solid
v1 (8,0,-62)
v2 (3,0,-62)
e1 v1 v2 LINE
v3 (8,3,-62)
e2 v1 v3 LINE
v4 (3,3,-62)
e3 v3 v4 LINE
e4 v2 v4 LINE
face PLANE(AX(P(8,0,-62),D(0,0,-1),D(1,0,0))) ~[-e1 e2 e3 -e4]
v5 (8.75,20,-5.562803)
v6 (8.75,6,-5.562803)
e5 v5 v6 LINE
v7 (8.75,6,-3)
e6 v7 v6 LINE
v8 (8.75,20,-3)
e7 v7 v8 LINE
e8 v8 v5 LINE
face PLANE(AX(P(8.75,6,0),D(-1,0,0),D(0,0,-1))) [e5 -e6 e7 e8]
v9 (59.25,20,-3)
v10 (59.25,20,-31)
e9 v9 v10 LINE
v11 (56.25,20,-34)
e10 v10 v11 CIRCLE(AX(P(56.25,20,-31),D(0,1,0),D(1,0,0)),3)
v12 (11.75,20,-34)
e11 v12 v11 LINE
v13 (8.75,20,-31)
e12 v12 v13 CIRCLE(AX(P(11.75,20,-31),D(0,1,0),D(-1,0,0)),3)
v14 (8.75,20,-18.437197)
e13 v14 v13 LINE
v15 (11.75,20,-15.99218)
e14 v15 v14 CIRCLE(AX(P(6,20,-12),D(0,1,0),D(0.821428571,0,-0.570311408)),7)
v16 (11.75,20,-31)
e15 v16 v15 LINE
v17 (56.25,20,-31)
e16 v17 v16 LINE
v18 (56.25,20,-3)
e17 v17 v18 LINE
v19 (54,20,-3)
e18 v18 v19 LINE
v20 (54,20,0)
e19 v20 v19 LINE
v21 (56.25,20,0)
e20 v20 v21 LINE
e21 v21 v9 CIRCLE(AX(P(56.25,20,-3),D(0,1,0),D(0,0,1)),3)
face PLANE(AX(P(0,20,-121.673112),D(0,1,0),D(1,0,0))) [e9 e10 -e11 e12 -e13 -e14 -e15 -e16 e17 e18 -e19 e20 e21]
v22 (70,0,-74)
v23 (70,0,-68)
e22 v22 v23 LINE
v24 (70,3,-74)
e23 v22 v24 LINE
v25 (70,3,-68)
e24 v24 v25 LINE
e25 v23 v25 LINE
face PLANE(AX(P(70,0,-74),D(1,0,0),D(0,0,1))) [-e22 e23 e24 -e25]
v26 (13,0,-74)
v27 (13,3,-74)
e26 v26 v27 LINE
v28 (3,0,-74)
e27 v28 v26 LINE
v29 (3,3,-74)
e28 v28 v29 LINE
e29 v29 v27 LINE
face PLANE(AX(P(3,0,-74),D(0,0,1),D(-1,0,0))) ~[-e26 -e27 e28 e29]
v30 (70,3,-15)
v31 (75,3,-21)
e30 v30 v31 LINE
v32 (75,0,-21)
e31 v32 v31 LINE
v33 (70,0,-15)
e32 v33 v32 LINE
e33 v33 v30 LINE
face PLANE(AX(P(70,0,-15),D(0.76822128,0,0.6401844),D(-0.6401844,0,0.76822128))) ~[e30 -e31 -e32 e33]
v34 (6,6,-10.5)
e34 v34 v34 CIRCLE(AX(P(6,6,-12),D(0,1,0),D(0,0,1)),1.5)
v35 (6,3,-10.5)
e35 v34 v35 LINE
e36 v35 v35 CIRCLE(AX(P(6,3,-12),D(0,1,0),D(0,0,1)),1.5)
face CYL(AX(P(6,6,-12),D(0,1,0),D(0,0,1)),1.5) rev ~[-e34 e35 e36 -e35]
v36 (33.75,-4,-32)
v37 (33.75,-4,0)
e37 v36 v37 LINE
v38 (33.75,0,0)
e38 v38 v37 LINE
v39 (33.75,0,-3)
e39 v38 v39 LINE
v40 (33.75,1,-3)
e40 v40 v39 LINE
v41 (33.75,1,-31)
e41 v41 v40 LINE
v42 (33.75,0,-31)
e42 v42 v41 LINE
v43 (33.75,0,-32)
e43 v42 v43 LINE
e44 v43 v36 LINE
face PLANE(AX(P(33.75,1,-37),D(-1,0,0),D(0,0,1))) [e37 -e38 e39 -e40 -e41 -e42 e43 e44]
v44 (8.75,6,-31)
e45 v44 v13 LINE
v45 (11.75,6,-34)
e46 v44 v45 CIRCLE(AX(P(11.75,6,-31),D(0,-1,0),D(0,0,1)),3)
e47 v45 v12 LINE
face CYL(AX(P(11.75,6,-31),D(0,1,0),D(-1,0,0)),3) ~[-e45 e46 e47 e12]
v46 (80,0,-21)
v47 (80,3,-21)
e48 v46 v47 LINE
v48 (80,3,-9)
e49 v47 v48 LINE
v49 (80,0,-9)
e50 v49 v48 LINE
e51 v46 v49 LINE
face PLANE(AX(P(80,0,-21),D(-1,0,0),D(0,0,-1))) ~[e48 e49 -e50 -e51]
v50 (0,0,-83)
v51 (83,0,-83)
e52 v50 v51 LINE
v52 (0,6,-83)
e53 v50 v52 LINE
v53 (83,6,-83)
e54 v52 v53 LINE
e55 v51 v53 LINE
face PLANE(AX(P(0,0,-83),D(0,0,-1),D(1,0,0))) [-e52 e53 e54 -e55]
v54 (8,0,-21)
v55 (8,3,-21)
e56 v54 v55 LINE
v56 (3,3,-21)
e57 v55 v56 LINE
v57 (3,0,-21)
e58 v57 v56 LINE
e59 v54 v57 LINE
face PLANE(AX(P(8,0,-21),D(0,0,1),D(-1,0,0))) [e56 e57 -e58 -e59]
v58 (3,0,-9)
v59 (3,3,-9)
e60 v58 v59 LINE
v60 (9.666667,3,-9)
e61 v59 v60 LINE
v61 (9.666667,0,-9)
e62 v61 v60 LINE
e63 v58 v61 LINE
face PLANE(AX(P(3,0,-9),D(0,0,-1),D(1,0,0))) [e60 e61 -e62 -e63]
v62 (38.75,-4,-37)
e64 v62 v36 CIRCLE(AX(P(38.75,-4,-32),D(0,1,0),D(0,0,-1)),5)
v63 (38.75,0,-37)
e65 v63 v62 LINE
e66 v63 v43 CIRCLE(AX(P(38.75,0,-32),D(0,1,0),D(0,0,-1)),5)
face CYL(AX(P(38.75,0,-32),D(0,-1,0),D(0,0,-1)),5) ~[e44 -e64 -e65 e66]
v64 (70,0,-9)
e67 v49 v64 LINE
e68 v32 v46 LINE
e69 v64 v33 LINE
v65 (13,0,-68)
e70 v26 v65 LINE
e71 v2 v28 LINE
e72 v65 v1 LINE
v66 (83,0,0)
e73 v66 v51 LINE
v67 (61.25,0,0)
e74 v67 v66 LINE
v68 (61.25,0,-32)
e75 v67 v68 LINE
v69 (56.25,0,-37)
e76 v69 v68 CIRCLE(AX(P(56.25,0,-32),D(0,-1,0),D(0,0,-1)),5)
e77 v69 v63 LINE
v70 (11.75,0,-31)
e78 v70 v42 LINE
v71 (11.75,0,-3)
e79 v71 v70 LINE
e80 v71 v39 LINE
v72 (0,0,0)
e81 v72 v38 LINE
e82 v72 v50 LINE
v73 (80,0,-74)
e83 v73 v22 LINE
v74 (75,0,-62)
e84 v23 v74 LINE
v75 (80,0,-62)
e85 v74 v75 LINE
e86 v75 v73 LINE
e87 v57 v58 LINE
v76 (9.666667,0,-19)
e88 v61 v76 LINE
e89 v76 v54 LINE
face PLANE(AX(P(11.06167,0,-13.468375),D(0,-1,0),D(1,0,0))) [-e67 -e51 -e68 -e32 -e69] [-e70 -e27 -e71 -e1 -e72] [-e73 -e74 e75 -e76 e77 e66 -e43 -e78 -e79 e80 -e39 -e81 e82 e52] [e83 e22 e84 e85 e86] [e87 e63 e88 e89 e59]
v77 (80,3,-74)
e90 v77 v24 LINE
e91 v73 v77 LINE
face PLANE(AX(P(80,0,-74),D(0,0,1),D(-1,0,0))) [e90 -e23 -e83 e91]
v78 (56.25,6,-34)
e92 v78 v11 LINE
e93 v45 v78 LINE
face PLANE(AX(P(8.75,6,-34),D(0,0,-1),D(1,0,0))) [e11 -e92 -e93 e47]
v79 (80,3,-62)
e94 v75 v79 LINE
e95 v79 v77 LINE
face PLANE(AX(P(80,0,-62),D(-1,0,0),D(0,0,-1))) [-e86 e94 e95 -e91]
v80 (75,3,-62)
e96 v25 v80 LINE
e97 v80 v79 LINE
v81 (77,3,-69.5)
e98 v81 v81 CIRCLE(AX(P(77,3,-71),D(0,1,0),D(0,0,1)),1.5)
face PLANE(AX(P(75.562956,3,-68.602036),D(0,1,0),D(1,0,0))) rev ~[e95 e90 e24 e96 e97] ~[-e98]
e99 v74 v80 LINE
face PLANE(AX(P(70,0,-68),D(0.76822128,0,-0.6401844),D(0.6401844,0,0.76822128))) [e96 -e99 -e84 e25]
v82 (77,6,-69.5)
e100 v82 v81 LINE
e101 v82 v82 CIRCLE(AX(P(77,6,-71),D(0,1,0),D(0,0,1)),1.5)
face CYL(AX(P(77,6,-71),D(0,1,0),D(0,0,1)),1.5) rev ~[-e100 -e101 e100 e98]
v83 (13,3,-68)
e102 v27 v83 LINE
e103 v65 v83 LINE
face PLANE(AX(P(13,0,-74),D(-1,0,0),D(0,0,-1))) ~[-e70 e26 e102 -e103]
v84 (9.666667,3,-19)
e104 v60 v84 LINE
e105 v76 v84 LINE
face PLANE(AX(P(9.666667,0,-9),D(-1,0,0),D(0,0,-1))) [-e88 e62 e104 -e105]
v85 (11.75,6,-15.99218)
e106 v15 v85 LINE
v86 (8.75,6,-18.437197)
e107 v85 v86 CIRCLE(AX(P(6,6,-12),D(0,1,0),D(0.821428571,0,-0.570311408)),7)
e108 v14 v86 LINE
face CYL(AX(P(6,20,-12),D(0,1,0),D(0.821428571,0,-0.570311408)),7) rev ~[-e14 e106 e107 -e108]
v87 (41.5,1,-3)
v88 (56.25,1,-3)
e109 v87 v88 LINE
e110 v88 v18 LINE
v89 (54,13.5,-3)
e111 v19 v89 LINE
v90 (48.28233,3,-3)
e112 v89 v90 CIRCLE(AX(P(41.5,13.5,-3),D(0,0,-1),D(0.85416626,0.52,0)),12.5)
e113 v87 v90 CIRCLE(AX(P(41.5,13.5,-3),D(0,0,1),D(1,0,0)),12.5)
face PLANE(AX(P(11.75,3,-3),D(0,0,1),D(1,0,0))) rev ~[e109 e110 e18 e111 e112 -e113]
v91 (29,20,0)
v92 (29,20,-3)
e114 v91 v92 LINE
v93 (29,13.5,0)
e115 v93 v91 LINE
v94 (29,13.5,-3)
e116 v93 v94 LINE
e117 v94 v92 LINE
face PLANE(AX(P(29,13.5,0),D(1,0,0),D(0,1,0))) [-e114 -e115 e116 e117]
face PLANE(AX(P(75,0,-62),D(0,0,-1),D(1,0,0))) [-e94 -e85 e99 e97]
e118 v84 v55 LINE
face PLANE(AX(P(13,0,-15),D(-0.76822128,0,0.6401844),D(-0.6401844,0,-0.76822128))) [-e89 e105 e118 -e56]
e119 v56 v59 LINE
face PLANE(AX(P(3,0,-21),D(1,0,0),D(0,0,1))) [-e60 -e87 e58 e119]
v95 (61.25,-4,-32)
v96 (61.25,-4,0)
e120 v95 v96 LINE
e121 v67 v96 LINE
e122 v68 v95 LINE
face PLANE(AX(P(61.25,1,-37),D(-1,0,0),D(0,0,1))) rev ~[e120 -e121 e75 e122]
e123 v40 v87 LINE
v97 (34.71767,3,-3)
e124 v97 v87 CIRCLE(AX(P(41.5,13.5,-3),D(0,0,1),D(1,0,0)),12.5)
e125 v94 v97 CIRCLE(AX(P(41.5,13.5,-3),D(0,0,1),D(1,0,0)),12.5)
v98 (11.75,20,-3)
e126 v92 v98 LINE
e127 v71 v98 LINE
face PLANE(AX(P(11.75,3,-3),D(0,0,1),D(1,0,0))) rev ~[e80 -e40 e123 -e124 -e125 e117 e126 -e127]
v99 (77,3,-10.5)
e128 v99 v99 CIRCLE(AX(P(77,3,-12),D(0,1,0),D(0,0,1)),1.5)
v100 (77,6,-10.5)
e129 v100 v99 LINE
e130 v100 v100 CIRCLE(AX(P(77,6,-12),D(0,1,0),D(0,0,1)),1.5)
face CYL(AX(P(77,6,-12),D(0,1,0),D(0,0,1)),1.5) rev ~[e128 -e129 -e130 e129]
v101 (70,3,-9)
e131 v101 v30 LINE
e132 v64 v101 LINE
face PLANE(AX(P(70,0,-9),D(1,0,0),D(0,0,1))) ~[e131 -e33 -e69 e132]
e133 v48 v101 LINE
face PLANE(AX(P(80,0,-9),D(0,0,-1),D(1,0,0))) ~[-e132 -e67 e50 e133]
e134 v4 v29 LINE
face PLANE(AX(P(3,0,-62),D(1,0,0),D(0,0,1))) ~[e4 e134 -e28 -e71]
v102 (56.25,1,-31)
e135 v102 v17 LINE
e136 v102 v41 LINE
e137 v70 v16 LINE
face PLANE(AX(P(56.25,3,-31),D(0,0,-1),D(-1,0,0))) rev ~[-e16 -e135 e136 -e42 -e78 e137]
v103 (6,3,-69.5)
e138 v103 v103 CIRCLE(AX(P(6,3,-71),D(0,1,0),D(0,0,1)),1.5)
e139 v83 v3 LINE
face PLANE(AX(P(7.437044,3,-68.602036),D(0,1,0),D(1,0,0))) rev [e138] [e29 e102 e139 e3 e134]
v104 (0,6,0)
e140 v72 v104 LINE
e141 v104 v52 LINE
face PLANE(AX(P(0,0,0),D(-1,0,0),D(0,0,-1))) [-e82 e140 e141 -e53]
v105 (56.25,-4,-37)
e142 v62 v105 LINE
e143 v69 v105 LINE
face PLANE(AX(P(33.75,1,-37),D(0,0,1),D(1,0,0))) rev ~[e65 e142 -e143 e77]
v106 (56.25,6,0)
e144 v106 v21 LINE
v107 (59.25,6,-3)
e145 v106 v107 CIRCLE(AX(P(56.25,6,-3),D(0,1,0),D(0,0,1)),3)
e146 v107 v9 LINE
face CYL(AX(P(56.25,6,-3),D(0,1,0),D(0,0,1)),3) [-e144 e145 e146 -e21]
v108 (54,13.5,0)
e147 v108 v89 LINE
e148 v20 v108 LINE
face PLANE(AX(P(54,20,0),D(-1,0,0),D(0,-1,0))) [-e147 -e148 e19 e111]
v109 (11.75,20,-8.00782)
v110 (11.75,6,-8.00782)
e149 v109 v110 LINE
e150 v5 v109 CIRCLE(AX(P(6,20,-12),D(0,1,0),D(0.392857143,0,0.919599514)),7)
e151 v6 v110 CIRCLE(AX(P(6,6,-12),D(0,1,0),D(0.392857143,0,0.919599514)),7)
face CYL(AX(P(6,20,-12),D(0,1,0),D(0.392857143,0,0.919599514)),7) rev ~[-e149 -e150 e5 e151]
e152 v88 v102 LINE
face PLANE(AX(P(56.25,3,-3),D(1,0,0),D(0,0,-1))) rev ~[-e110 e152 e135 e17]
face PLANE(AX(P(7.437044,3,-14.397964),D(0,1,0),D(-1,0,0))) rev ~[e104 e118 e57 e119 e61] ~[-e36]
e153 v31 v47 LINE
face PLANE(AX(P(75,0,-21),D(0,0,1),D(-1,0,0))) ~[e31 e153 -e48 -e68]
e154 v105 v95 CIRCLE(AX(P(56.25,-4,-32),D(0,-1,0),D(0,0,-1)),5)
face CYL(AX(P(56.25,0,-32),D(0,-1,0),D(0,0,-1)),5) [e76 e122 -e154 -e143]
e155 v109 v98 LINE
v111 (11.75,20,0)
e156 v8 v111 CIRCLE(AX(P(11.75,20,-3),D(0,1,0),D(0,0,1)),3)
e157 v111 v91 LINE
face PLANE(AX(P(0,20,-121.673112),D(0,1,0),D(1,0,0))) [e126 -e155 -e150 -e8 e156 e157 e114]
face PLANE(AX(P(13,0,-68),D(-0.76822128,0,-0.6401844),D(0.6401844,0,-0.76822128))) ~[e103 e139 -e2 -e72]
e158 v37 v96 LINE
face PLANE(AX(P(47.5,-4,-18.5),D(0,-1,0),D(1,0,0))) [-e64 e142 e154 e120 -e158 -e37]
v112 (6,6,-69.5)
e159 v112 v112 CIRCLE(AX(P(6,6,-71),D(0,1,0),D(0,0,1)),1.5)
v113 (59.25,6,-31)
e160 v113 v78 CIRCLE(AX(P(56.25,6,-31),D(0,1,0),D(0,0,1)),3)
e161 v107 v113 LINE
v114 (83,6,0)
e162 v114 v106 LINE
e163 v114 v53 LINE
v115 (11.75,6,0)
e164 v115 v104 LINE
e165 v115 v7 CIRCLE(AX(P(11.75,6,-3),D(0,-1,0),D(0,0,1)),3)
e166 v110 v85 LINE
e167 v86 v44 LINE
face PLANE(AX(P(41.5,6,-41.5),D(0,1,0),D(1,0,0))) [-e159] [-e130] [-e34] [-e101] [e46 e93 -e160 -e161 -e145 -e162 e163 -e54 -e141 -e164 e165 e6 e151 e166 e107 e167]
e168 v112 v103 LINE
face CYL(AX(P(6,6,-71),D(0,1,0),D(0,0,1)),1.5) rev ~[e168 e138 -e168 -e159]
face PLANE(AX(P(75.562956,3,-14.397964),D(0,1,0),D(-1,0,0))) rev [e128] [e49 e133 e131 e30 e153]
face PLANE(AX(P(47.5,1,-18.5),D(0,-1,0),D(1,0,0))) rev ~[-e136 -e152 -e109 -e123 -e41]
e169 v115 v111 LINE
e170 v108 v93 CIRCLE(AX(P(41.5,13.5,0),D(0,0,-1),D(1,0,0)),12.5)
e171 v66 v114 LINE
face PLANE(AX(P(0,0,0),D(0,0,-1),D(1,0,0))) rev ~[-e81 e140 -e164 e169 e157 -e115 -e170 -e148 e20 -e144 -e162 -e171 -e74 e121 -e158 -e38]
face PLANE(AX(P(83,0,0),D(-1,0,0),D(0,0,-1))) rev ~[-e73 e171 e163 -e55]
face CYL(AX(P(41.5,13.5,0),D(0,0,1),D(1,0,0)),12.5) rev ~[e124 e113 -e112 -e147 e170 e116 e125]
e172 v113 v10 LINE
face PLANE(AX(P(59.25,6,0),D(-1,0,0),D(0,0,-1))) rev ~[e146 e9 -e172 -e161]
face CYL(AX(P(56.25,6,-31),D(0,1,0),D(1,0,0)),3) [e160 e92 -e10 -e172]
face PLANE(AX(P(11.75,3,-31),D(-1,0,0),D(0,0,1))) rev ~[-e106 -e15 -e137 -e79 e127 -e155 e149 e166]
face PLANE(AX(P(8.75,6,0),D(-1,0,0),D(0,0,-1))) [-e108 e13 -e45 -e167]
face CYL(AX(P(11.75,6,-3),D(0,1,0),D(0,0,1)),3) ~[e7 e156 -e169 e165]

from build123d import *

# Parameters (mm, degrees)
SKETCH1_W                                = 83
SKETCH1_H                                = 83
BOSS_EXTRUDE1_DEPTH                      = 6
SKETCH2_R                                = 1.5
CUT_EXTRUDE1_DEPTH                       = 118.532974097
SKETCH5_W                                = 50.5
SKETCH5_H                                = 34
BOSS_EXTRUDE2_DEPTH                      = 22
SKETCH6_W                                = 44.5
SKETCH6_H                                = 28
CUT_EXTRUDE5_DEPTH                       = 25
FILLET1_R                                = 3
SKETCH8_R                                = 12.5
CUT_EXTRUDE6_DEPTH                       = 10
CUT_EXTRUDE7_DEPTH                       = 121.673112167
CUT_EXTRUDE7_DEPTH_BACK                  = 121.673112167
SKETCH9_W                                = 83
SKETCH9_H                                = 8
CUT_EXTRUDE8_DEPTH                       = 3
MIRROR1_AT_THE_SECOND_PLANE_COPY_1_DEPTH = 3
CUT_EXTRUDE9_DEPTH                       = 14
CUT_EXTRUDE10_DEPTH                      = 10
CUT_EXTRUDE11_DEPTH                      = 10
BOSS_EXTRUDE3_DEPTH                      = 3
CUT_EXTRUDE14_DEPTH                      = 4
SKETCH20_W                               = 13.564659966
SKETCH20_H                               = 7
CUT_EXTRUDE15_DEPTH                      = 4
BOSS_EXTRUDE4_DEPTH                      = 4
BOSS_EXTRUDE4_DEPTH_BACK                 = 1
SKETCH21_W                               = 27.5
SKETCH21_H                               = 37
FILLET2_R                                = 5


with BuildPart() as part:
    # Sketch1 → Boss-Extrude1 (new body)
    with BuildSketch(Plane(origin=(0, 0, 0), x_dir=(1, 0, 0), z_dir=(0, 1, 0))):
        with Locations((41.5, 41.5)):
            Rectangle(SKETCH1_W, SKETCH1_H)
    extrude(amount=BOSS_EXTRUDE1_DEPTH)

    # Sketch2 → Cut-Extrude1 (cut, through all)
    with BuildSketch(Plane(origin=(0, 6, 0), x_dir=(1, 0, 0), z_dir=(0, 1, 0))):
        with Locations(Location((6, 71, 0), (0, 0, 270))):
            Circle(SKETCH2_R)
        with Locations(Location((6, 12, 0), (0, 0, 270))):
            Circle(SKETCH2_R)
        with Locations(Location((77, 12, 0), (0, 0, 270))):
            Circle(SKETCH2_R)
        with Locations(Location((77, 71, 0), (0, 0, 270))):
            Circle(SKETCH2_R)
    extrude(amount=-CUT_EXTRUDE1_DEPTH, mode=Mode.SUBTRACT)

    # Sketch5 → Boss-Extrude2 (add)
    with BuildSketch(Plane(origin=(0, 6, 0), x_dir=(1, 0, 0), z_dir=(0, 1, 0))):
        with Locations((34, 17)):
            Rectangle(SKETCH5_W, SKETCH5_H)
    extrude(amount=BOSS_EXTRUDE2_DEPTH)

    # Sketch6 → Cut-Extrude5 (cut)
    with BuildSketch(Plane(origin=(0, 28, 0), x_dir=(1, 0, 0), z_dir=(0, 1, 0))):
        with Locations((34, 17)):
            Rectangle(SKETCH6_W, SKETCH6_H)
    extrude(amount=-CUT_EXTRUDE5_DEPTH, mode=Mode.SUBTRACT)

    # Fillet1
    fillet1_edges = [part.edges().sort_by_distance(p)[0] for p in [
        (59.25, 17, -34),
        (8.75, 17, -34),
        (8.75, 17, 0),
        (59.25, 17, 0),
    ]]
    fillet(fillet1_edges, radius=FILLET1_R)

    # Sketch8 → Cut-Extrude6 (cut)
    with BuildSketch(Plane.XY):
        with Locations((41.5, 13.5)):
            Circle(SKETCH8_R)
    extrude(amount=-CUT_EXTRUDE6_DEPTH, mode=Mode.SUBTRACT)

    # Sketch9 → Cut-Extrude7 (cut, two sides: drawn at the far end of the back side and taken through both)
    with BuildSketch(Plane.XY.offset(-CUT_EXTRUDE7_DEPTH_BACK)):
        with Locations((41.5, 24)):
            Rectangle(SKETCH9_W, SKETCH9_H)
    extrude(amount=CUT_EXTRUDE7_DEPTH + CUT_EXTRUDE7_DEPTH_BACK, mode=Mode.SUBTRACT)

    # Sketch11 → Cut-Extrude8 (cut)
    with BuildSketch(Plane.XZ):
        Polygon((3, -9), (13, -9), (13, -15), (8, -21), (3, -21), align=None)
    cut_extrude8 = extrude(amount=-CUT_EXTRUDE8_DEPTH, mode=Mode.SUBTRACT)

    # Mirror1: Cut-Extrude8 across plane
    add(cut_extrude8.mirror(Plane.XY.offset(-41.5)), mode=Mode.SUBTRACT)

    # Mirror1 at the second plane: Cut-Extrude8 across plane
    add(cut_extrude8.mirror(Plane.ZY.offset(-41.5)), mode=Mode.SUBTRACT)

    # Mirror1 at the second plane copy 1 sketc → Mirror1 at the second plane copy 1 (cut)
    with BuildSketch(Plane(origin=(83, 0, -83), x_dir=(-1, 0, 0), z_dir=(0, -1, 0))):
        Polygon((3, -9), (13, -9), (13, -15), (8, -21), (3, -21), align=None)
    extrude(amount=-MIRROR1_AT_THE_SECOND_PLANE_COPY_1_DEPTH, mode=Mode.SUBTRACT)

    # Sketch13 → Cut-Extrude9 (cut)
    with BuildSketch(Plane(origin=(0, 20, 0), x_dir=(1, 0, 0), z_dir=(0, 1, 0))):
        with BuildLine():
            Line((11.75, 8.007820144), (11.75, 15.992179856))
            ThreePointArc((11.75, 15.992179856), (10.422332723, 17.426137972), (8.75, 18.437196595))
            Line((8.75, 18.437196595), (8.75, 5.562803405))
            ThreePointArc((8.75, 5.562803405), (10.422332723, 6.573862028), (11.75, 8.007820144))
        make_face()
    extrude(amount=-CUT_EXTRUDE9_DEPTH, mode=Mode.SUBTRACT)

    # Sketch14 → Cut-Extrude10 (cut)
    with BuildSketch(Plane.XY):
        Polygon((29, 13.5), (29, 20), (30.822921748, 20), align=None)
    extrude(amount=-CUT_EXTRUDE10_DEPTH, mode=Mode.SUBTRACT)

    # Sketch15 → Cut-Extrude11 (cut)
    with BuildSketch(Plane.XY):
        Polygon((54, 20), (54, 13.5), (52.177078252, 20), align=None)
    extrude(amount=-CUT_EXTRUDE11_DEPTH, mode=Mode.SUBTRACT)

    # Sketch17 → Boss-Extrude3 (add)
    with BuildSketch(Plane.XZ):
        Polygon((9.666666667, -9), (9.666666667, -19), (13, -15), (13, -9), align=None)
    extrude(amount=-BOSS_EXTRUDE3_DEPTH)

    # Sketch18 → Cut-Extrude14 (cut)
    with BuildSketch(Plane(origin=(0, 3, 0), x_dir=(1, 0, 0), z_dir=(0, 1, 0))):
        Polygon((34.717670017, 3), (34.717670017, 10), (48.282329983, 10), (48.282329983, 3), (56.25, 3), (56.25, 31), (11.75, 31), (11.75, 3), align=None)
    extrude(amount=-CUT_EXTRUDE14_DEPTH, mode=Mode.SUBTRACT)

    # Sketch20 → Cut-Extrude15 (cut)
    with BuildSketch(Plane.XZ):
        with Locations((41.5, -6.5)):
            Rectangle(SKETCH20_W, SKETCH20_H)
    extrude(amount=-CUT_EXTRUDE15_DEPTH, mode=Mode.SUBTRACT)

    # Sketch21 → Boss-Extrude4 (add, two sides: drawn at the far end of the back side and taken through both)
    with BuildSketch(Plane.XZ.offset(-BOSS_EXTRUDE4_DEPTH_BACK)):
        with Locations((47.5, -18.5)):
            Rectangle(SKETCH21_W, SKETCH21_H)
    extrude(amount=BOSS_EXTRUDE4_DEPTH + BOSS_EXTRUDE4_DEPTH_BACK)

    # Fillet2
    fillet2_edges = [part.edges().sort_by_distance(p)[0] for p in [
        (33.75, -2, -37),
        (61.25, -2, -37),
    ]]
    fillet(fillet2_edges, radius=FILLET2_R)


solid = part.part
